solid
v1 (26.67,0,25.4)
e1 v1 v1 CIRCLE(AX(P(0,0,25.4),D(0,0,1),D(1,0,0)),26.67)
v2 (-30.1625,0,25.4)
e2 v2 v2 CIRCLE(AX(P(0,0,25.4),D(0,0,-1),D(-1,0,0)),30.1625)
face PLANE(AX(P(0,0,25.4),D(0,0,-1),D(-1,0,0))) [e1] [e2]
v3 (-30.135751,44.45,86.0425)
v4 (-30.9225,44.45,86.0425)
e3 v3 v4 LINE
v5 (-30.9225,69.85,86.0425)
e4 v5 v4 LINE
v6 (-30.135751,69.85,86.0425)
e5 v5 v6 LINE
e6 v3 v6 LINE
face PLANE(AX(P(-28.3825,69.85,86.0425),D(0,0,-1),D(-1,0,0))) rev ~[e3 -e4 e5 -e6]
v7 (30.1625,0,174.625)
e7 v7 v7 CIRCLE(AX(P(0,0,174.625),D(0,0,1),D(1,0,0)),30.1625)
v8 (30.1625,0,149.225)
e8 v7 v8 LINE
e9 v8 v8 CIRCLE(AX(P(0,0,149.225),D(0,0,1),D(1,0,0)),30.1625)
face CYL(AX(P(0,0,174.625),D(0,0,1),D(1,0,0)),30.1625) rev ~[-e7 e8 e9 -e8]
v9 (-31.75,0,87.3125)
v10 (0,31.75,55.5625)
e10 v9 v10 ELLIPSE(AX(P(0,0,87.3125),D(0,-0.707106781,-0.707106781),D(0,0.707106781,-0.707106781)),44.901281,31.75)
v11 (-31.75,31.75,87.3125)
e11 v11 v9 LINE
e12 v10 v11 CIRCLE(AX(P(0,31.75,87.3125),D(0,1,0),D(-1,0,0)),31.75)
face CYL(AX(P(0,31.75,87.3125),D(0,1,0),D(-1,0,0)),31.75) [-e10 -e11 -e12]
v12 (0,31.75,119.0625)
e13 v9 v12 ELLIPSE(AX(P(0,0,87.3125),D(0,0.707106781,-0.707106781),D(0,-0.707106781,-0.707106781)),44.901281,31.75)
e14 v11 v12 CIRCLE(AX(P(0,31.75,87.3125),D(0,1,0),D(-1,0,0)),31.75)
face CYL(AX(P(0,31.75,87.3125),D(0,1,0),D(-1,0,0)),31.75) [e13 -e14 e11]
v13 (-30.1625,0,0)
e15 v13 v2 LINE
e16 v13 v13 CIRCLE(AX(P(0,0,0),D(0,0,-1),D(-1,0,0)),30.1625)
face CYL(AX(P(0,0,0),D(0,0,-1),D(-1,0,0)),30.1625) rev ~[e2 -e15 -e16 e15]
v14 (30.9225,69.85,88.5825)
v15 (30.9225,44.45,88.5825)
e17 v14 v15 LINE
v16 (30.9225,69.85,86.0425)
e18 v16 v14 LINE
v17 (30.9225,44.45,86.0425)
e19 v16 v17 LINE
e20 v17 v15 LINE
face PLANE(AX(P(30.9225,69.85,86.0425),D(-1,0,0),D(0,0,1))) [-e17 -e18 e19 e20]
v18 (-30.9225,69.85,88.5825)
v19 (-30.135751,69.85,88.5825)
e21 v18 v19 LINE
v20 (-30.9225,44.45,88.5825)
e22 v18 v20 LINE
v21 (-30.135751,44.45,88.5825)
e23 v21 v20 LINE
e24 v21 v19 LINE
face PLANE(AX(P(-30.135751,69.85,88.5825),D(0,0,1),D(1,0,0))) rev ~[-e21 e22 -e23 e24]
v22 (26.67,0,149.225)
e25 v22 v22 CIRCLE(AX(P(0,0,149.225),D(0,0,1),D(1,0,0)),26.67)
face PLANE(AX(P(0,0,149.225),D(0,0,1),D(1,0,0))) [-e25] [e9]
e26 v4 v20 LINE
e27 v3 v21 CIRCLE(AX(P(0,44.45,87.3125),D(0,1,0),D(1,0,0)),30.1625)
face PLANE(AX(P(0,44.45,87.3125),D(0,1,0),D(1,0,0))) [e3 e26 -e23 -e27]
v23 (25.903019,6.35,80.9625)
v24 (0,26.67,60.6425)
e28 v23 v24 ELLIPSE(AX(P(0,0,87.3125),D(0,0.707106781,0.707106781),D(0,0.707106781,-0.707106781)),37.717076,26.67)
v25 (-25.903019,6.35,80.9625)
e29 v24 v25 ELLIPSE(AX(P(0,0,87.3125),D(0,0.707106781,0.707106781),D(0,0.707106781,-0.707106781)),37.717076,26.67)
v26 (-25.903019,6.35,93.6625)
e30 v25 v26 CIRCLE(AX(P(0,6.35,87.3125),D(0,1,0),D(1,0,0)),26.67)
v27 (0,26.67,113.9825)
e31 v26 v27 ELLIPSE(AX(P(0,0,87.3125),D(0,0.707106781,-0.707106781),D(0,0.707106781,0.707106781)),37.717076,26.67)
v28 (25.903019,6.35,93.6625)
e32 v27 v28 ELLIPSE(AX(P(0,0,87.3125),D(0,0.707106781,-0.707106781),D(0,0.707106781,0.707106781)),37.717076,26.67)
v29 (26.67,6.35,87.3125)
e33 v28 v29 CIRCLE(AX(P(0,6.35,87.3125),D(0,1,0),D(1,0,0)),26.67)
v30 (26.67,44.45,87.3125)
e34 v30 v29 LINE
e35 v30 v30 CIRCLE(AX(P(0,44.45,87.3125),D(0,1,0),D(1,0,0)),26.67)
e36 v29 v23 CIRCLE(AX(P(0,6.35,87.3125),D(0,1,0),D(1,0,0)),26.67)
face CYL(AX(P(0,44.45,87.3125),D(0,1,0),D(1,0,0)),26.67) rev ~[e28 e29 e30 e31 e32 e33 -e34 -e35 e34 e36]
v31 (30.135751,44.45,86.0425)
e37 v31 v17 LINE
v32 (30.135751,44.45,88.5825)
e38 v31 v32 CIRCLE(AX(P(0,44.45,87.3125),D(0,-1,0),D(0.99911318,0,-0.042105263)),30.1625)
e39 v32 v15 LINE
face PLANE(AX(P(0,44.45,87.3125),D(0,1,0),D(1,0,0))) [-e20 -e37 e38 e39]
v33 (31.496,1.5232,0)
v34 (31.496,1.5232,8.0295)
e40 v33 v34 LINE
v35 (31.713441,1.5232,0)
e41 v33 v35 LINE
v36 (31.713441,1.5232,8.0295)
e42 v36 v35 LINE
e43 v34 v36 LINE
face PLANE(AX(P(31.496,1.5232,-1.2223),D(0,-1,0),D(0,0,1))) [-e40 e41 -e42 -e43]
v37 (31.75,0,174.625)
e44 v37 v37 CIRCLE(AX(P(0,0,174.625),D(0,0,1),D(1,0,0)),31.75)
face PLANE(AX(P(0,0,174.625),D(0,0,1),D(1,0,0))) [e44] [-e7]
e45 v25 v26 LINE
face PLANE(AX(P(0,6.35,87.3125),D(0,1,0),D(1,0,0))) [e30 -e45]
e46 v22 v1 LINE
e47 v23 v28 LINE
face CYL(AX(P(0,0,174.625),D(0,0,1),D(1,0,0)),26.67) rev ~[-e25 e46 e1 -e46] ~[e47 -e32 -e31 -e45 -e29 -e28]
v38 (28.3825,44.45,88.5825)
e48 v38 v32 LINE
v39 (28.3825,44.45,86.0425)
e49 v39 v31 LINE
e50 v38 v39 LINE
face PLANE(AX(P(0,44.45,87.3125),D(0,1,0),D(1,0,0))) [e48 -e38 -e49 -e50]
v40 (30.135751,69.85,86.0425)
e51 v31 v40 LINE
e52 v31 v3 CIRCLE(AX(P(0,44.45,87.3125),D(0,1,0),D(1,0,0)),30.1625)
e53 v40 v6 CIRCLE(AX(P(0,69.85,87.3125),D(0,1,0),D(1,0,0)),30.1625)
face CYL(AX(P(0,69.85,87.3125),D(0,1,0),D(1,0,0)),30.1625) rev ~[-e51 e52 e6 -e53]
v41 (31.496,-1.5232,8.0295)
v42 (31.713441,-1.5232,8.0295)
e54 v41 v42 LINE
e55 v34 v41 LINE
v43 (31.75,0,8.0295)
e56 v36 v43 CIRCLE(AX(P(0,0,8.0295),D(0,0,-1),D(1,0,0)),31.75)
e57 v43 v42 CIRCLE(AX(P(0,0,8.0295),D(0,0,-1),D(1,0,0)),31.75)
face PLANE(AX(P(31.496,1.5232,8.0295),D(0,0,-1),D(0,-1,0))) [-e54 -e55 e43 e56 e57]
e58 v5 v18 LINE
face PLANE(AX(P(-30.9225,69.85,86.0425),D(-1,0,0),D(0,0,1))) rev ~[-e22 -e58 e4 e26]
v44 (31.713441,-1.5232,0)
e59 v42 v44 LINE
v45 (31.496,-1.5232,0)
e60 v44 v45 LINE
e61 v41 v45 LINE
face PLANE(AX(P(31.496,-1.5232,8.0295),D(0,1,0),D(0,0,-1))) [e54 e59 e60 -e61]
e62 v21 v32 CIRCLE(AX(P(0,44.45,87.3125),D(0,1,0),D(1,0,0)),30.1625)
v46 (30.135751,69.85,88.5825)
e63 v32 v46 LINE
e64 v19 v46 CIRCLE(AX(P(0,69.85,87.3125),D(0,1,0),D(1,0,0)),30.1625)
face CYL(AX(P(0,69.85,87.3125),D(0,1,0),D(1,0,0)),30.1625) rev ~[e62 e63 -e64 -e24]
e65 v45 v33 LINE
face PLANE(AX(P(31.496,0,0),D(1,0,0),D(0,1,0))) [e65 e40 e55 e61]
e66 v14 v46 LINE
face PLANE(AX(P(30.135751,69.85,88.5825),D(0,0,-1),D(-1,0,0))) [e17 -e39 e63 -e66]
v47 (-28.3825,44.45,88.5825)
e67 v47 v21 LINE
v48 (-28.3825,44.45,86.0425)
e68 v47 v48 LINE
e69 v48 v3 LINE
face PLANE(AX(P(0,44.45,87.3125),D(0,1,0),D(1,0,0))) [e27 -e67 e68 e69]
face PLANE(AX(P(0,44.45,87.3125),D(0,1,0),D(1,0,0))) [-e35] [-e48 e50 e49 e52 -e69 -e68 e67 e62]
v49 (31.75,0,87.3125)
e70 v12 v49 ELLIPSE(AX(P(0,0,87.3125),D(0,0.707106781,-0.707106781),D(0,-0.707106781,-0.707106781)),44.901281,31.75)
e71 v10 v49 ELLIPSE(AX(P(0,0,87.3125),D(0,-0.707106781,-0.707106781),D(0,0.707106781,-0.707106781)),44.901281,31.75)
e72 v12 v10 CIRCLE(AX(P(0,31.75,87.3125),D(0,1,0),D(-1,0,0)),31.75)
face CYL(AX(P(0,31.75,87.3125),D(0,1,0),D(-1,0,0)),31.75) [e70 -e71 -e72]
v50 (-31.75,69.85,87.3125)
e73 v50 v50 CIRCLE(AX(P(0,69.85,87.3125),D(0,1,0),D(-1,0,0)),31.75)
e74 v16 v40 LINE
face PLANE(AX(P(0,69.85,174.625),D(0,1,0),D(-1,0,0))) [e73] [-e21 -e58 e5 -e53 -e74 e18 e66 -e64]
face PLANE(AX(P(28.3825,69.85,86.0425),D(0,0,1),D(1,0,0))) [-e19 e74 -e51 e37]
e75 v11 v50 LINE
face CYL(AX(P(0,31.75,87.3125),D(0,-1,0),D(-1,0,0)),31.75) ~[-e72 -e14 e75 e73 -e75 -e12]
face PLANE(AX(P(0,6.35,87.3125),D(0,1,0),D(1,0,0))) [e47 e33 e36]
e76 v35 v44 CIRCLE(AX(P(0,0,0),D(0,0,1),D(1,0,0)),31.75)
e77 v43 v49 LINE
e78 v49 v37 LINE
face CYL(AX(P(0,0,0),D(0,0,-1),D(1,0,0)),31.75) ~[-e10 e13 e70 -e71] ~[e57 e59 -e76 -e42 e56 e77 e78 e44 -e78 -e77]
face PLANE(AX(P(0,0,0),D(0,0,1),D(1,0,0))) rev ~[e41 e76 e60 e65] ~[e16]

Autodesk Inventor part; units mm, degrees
ref_plane "XZ Plane" through (0, 0, 0) normal (0, 1, 0) x (-1, 0, 0)
sketch "Sketch1" plane through (0, 0, 0) normal (0, 0, 1) x (1, 0, 0)
  circle A0 centre (0, 0) radius 31.75
  dimension "d0" = 63.5
extrude "mainBody" add sketch "Sketch1" along normal blind 174.625
sketch "Sketch10" plane through (0, 0, 174.625) normal (0, 0, 1) x (1, 0, 0)
  circle A0 centre (0, 0) radius 30.1625 projected
  circle A1 centre (0, 0) radius 31.75 projected
  point P0 (0, 31.75)
ref_plane "Work Plane5" through (0, 31.75, 174.625) normal (0, 1, 0) x (-1, 0, 0)
sketch "Sketch11" plane through (0, 31.75, 174.625) normal (0, 1, 0) x (-1, 0, 0)
  circle A0 centre (0, -87.3125) radius 31.75
  line L0 (31.75, 0) -> (-31.75, 0) projected
  point P0 (0, -174.625)
  dimension "d29" = 87.3125
  dimension "d30" = 63.5
extrude "TBody" add sketch "Sketch11" along normal blind 38.1 and the other way blind 31.75
sketch "Sketch12" plane through (0, 69.85, 87.3125) normal (0, 1, 0) x (1, 0, 0)
  circle A0 centre (0, 0) radius 31.75 projected
  circle A1 centre (0, 0) radius 30.1625
  point P0 (0, 87.3125)
  dimension "d35" = 60.325
extrude "TSocket" cut sketch "Sketch12" against normal blind 25.4 contours A1
sketch "Sketch13" plane through (0, 44.45, 87.3125) normal (0, 1, 0) x (1, 0, 0)
  circle A0 centre (0, 0) radius 30.1625 projected
  circle A1 centre (0, 0) radius 26.67
  point P0 (0, 87.3125)
  dimension "d39" = 53.34
extrude "TTube" cut sketch "Sketch13" against normal blind 38.1 contours A1
sketch "Sketch14" plane through (0, 0, 174.625) normal (0, 0, 1) x (1, 0, 0)
  circle A0 centre (0, 0) radius 31.75 projected
  circle A1 centre (0, 0) radius 26.67
  dimension "d43" = 53.34
extrude "mainTube" cut sketch "Sketch14" against normal blind 177.8 contours A1
sketch "Sketch15" plane through (0, 0, 174.625) normal (0, 0, 1) x (1, 0, 0)
  circle A0 centre (0, 0) radius 26.67 projected
  circle A1 centre (0, 0) radius 31.75 projected
  circle A2 centre (0, 0) radius 30.1625
  dimension "d47" = 60.325
extrude "mainSocket1" cut sketch "Sketch15" against normal blind 25.4 contours A2
sketch "Sketch16" plane through (0, 0, 0) normal (0, 0, -1) x (-1, 0, 0)
  circle A0 centre (0, 0) radius 26.67 projected
  circle A1 centre (0, 0) radius 31.75 projected
  circle A2 centre (0, 0) radius 30.1625
  dimension "d51" = 60.325
extrude "mainSocket2" cut sketch "Sketch16" against normal blind 25.4 contours A2
sketch "Sketch24" plane through (0, 69.85, 87.3125) normal (0, 1, 0) x (1, 0, 0)
  circle A0 centre (0, 0) radius 30.1625 projected
  line L0 (-30.1625, 0) -> (30.1625, 0) construction
  line L1 (0, 30.1625) -> (0, -30.1625) construction
  line L2 (-30.9225, -1.27) -> (-28.3825, -1.27)
  line L3 (-28.3825, -1.27) -> (-28.3825, 1.27)
  line L4 (-28.3825, 1.27) -> (-30.9225, 1.27)
  line L5 (-30.9225, 1.27) -> (-30.9225, -1.27)
  line L6 (-30.9225, 0) -> (-28.3825, 0) construction
  line L7 (30.9225, -1.27) -> (28.3825, -1.27)
  line L8 (28.3825, -1.27) -> (28.3825, 1.27)
  line L9 (28.3825, 1.27) -> (30.9225, 1.27)
  line L10 (30.9225, 1.27) -> (30.9225, -1.27)
  line L11 (30.9225, 0) -> (28.3825, 0) construction
  point P0 (0, 87.3125)
  dimension "d72" = 2.54
  dimension "d75" = 2.54
extrude "Extrusion20" cut sketch "Sketch24" against normal blind 25.4 contours A0 L7 L8 L9 | A0 L9 L10 L7 | L4 L3 L2 A0 | A0 L2 L5 L4
ref_plane "Work Plane6" through (31.496, 0, 0) normal (1, 0, 0) x (0, 1, 0)
sketch "Sketch27" plane through (31.496, 0, 0) normal (1, 0, 0) x (0, 1, 0)
  line L0 (-1.5232, -1.2223) -> (1.5232, -1.2223)
  line L1 (1.5232, -1.2223) -> (1.5232, 8.0295)
  line L2 (1.5232, 8.0295) -> (-1.5232, 8.0295)
  line L3 (-1.5232, 8.0295) -> (-1.5232, -1.2223)
  point P0 (0, 0)
extrude "Extrusion22" cut sketch "Sketch27" along normal blind 25.4
properties part number "0pvc_T_2in" material "PVC-Piping"
